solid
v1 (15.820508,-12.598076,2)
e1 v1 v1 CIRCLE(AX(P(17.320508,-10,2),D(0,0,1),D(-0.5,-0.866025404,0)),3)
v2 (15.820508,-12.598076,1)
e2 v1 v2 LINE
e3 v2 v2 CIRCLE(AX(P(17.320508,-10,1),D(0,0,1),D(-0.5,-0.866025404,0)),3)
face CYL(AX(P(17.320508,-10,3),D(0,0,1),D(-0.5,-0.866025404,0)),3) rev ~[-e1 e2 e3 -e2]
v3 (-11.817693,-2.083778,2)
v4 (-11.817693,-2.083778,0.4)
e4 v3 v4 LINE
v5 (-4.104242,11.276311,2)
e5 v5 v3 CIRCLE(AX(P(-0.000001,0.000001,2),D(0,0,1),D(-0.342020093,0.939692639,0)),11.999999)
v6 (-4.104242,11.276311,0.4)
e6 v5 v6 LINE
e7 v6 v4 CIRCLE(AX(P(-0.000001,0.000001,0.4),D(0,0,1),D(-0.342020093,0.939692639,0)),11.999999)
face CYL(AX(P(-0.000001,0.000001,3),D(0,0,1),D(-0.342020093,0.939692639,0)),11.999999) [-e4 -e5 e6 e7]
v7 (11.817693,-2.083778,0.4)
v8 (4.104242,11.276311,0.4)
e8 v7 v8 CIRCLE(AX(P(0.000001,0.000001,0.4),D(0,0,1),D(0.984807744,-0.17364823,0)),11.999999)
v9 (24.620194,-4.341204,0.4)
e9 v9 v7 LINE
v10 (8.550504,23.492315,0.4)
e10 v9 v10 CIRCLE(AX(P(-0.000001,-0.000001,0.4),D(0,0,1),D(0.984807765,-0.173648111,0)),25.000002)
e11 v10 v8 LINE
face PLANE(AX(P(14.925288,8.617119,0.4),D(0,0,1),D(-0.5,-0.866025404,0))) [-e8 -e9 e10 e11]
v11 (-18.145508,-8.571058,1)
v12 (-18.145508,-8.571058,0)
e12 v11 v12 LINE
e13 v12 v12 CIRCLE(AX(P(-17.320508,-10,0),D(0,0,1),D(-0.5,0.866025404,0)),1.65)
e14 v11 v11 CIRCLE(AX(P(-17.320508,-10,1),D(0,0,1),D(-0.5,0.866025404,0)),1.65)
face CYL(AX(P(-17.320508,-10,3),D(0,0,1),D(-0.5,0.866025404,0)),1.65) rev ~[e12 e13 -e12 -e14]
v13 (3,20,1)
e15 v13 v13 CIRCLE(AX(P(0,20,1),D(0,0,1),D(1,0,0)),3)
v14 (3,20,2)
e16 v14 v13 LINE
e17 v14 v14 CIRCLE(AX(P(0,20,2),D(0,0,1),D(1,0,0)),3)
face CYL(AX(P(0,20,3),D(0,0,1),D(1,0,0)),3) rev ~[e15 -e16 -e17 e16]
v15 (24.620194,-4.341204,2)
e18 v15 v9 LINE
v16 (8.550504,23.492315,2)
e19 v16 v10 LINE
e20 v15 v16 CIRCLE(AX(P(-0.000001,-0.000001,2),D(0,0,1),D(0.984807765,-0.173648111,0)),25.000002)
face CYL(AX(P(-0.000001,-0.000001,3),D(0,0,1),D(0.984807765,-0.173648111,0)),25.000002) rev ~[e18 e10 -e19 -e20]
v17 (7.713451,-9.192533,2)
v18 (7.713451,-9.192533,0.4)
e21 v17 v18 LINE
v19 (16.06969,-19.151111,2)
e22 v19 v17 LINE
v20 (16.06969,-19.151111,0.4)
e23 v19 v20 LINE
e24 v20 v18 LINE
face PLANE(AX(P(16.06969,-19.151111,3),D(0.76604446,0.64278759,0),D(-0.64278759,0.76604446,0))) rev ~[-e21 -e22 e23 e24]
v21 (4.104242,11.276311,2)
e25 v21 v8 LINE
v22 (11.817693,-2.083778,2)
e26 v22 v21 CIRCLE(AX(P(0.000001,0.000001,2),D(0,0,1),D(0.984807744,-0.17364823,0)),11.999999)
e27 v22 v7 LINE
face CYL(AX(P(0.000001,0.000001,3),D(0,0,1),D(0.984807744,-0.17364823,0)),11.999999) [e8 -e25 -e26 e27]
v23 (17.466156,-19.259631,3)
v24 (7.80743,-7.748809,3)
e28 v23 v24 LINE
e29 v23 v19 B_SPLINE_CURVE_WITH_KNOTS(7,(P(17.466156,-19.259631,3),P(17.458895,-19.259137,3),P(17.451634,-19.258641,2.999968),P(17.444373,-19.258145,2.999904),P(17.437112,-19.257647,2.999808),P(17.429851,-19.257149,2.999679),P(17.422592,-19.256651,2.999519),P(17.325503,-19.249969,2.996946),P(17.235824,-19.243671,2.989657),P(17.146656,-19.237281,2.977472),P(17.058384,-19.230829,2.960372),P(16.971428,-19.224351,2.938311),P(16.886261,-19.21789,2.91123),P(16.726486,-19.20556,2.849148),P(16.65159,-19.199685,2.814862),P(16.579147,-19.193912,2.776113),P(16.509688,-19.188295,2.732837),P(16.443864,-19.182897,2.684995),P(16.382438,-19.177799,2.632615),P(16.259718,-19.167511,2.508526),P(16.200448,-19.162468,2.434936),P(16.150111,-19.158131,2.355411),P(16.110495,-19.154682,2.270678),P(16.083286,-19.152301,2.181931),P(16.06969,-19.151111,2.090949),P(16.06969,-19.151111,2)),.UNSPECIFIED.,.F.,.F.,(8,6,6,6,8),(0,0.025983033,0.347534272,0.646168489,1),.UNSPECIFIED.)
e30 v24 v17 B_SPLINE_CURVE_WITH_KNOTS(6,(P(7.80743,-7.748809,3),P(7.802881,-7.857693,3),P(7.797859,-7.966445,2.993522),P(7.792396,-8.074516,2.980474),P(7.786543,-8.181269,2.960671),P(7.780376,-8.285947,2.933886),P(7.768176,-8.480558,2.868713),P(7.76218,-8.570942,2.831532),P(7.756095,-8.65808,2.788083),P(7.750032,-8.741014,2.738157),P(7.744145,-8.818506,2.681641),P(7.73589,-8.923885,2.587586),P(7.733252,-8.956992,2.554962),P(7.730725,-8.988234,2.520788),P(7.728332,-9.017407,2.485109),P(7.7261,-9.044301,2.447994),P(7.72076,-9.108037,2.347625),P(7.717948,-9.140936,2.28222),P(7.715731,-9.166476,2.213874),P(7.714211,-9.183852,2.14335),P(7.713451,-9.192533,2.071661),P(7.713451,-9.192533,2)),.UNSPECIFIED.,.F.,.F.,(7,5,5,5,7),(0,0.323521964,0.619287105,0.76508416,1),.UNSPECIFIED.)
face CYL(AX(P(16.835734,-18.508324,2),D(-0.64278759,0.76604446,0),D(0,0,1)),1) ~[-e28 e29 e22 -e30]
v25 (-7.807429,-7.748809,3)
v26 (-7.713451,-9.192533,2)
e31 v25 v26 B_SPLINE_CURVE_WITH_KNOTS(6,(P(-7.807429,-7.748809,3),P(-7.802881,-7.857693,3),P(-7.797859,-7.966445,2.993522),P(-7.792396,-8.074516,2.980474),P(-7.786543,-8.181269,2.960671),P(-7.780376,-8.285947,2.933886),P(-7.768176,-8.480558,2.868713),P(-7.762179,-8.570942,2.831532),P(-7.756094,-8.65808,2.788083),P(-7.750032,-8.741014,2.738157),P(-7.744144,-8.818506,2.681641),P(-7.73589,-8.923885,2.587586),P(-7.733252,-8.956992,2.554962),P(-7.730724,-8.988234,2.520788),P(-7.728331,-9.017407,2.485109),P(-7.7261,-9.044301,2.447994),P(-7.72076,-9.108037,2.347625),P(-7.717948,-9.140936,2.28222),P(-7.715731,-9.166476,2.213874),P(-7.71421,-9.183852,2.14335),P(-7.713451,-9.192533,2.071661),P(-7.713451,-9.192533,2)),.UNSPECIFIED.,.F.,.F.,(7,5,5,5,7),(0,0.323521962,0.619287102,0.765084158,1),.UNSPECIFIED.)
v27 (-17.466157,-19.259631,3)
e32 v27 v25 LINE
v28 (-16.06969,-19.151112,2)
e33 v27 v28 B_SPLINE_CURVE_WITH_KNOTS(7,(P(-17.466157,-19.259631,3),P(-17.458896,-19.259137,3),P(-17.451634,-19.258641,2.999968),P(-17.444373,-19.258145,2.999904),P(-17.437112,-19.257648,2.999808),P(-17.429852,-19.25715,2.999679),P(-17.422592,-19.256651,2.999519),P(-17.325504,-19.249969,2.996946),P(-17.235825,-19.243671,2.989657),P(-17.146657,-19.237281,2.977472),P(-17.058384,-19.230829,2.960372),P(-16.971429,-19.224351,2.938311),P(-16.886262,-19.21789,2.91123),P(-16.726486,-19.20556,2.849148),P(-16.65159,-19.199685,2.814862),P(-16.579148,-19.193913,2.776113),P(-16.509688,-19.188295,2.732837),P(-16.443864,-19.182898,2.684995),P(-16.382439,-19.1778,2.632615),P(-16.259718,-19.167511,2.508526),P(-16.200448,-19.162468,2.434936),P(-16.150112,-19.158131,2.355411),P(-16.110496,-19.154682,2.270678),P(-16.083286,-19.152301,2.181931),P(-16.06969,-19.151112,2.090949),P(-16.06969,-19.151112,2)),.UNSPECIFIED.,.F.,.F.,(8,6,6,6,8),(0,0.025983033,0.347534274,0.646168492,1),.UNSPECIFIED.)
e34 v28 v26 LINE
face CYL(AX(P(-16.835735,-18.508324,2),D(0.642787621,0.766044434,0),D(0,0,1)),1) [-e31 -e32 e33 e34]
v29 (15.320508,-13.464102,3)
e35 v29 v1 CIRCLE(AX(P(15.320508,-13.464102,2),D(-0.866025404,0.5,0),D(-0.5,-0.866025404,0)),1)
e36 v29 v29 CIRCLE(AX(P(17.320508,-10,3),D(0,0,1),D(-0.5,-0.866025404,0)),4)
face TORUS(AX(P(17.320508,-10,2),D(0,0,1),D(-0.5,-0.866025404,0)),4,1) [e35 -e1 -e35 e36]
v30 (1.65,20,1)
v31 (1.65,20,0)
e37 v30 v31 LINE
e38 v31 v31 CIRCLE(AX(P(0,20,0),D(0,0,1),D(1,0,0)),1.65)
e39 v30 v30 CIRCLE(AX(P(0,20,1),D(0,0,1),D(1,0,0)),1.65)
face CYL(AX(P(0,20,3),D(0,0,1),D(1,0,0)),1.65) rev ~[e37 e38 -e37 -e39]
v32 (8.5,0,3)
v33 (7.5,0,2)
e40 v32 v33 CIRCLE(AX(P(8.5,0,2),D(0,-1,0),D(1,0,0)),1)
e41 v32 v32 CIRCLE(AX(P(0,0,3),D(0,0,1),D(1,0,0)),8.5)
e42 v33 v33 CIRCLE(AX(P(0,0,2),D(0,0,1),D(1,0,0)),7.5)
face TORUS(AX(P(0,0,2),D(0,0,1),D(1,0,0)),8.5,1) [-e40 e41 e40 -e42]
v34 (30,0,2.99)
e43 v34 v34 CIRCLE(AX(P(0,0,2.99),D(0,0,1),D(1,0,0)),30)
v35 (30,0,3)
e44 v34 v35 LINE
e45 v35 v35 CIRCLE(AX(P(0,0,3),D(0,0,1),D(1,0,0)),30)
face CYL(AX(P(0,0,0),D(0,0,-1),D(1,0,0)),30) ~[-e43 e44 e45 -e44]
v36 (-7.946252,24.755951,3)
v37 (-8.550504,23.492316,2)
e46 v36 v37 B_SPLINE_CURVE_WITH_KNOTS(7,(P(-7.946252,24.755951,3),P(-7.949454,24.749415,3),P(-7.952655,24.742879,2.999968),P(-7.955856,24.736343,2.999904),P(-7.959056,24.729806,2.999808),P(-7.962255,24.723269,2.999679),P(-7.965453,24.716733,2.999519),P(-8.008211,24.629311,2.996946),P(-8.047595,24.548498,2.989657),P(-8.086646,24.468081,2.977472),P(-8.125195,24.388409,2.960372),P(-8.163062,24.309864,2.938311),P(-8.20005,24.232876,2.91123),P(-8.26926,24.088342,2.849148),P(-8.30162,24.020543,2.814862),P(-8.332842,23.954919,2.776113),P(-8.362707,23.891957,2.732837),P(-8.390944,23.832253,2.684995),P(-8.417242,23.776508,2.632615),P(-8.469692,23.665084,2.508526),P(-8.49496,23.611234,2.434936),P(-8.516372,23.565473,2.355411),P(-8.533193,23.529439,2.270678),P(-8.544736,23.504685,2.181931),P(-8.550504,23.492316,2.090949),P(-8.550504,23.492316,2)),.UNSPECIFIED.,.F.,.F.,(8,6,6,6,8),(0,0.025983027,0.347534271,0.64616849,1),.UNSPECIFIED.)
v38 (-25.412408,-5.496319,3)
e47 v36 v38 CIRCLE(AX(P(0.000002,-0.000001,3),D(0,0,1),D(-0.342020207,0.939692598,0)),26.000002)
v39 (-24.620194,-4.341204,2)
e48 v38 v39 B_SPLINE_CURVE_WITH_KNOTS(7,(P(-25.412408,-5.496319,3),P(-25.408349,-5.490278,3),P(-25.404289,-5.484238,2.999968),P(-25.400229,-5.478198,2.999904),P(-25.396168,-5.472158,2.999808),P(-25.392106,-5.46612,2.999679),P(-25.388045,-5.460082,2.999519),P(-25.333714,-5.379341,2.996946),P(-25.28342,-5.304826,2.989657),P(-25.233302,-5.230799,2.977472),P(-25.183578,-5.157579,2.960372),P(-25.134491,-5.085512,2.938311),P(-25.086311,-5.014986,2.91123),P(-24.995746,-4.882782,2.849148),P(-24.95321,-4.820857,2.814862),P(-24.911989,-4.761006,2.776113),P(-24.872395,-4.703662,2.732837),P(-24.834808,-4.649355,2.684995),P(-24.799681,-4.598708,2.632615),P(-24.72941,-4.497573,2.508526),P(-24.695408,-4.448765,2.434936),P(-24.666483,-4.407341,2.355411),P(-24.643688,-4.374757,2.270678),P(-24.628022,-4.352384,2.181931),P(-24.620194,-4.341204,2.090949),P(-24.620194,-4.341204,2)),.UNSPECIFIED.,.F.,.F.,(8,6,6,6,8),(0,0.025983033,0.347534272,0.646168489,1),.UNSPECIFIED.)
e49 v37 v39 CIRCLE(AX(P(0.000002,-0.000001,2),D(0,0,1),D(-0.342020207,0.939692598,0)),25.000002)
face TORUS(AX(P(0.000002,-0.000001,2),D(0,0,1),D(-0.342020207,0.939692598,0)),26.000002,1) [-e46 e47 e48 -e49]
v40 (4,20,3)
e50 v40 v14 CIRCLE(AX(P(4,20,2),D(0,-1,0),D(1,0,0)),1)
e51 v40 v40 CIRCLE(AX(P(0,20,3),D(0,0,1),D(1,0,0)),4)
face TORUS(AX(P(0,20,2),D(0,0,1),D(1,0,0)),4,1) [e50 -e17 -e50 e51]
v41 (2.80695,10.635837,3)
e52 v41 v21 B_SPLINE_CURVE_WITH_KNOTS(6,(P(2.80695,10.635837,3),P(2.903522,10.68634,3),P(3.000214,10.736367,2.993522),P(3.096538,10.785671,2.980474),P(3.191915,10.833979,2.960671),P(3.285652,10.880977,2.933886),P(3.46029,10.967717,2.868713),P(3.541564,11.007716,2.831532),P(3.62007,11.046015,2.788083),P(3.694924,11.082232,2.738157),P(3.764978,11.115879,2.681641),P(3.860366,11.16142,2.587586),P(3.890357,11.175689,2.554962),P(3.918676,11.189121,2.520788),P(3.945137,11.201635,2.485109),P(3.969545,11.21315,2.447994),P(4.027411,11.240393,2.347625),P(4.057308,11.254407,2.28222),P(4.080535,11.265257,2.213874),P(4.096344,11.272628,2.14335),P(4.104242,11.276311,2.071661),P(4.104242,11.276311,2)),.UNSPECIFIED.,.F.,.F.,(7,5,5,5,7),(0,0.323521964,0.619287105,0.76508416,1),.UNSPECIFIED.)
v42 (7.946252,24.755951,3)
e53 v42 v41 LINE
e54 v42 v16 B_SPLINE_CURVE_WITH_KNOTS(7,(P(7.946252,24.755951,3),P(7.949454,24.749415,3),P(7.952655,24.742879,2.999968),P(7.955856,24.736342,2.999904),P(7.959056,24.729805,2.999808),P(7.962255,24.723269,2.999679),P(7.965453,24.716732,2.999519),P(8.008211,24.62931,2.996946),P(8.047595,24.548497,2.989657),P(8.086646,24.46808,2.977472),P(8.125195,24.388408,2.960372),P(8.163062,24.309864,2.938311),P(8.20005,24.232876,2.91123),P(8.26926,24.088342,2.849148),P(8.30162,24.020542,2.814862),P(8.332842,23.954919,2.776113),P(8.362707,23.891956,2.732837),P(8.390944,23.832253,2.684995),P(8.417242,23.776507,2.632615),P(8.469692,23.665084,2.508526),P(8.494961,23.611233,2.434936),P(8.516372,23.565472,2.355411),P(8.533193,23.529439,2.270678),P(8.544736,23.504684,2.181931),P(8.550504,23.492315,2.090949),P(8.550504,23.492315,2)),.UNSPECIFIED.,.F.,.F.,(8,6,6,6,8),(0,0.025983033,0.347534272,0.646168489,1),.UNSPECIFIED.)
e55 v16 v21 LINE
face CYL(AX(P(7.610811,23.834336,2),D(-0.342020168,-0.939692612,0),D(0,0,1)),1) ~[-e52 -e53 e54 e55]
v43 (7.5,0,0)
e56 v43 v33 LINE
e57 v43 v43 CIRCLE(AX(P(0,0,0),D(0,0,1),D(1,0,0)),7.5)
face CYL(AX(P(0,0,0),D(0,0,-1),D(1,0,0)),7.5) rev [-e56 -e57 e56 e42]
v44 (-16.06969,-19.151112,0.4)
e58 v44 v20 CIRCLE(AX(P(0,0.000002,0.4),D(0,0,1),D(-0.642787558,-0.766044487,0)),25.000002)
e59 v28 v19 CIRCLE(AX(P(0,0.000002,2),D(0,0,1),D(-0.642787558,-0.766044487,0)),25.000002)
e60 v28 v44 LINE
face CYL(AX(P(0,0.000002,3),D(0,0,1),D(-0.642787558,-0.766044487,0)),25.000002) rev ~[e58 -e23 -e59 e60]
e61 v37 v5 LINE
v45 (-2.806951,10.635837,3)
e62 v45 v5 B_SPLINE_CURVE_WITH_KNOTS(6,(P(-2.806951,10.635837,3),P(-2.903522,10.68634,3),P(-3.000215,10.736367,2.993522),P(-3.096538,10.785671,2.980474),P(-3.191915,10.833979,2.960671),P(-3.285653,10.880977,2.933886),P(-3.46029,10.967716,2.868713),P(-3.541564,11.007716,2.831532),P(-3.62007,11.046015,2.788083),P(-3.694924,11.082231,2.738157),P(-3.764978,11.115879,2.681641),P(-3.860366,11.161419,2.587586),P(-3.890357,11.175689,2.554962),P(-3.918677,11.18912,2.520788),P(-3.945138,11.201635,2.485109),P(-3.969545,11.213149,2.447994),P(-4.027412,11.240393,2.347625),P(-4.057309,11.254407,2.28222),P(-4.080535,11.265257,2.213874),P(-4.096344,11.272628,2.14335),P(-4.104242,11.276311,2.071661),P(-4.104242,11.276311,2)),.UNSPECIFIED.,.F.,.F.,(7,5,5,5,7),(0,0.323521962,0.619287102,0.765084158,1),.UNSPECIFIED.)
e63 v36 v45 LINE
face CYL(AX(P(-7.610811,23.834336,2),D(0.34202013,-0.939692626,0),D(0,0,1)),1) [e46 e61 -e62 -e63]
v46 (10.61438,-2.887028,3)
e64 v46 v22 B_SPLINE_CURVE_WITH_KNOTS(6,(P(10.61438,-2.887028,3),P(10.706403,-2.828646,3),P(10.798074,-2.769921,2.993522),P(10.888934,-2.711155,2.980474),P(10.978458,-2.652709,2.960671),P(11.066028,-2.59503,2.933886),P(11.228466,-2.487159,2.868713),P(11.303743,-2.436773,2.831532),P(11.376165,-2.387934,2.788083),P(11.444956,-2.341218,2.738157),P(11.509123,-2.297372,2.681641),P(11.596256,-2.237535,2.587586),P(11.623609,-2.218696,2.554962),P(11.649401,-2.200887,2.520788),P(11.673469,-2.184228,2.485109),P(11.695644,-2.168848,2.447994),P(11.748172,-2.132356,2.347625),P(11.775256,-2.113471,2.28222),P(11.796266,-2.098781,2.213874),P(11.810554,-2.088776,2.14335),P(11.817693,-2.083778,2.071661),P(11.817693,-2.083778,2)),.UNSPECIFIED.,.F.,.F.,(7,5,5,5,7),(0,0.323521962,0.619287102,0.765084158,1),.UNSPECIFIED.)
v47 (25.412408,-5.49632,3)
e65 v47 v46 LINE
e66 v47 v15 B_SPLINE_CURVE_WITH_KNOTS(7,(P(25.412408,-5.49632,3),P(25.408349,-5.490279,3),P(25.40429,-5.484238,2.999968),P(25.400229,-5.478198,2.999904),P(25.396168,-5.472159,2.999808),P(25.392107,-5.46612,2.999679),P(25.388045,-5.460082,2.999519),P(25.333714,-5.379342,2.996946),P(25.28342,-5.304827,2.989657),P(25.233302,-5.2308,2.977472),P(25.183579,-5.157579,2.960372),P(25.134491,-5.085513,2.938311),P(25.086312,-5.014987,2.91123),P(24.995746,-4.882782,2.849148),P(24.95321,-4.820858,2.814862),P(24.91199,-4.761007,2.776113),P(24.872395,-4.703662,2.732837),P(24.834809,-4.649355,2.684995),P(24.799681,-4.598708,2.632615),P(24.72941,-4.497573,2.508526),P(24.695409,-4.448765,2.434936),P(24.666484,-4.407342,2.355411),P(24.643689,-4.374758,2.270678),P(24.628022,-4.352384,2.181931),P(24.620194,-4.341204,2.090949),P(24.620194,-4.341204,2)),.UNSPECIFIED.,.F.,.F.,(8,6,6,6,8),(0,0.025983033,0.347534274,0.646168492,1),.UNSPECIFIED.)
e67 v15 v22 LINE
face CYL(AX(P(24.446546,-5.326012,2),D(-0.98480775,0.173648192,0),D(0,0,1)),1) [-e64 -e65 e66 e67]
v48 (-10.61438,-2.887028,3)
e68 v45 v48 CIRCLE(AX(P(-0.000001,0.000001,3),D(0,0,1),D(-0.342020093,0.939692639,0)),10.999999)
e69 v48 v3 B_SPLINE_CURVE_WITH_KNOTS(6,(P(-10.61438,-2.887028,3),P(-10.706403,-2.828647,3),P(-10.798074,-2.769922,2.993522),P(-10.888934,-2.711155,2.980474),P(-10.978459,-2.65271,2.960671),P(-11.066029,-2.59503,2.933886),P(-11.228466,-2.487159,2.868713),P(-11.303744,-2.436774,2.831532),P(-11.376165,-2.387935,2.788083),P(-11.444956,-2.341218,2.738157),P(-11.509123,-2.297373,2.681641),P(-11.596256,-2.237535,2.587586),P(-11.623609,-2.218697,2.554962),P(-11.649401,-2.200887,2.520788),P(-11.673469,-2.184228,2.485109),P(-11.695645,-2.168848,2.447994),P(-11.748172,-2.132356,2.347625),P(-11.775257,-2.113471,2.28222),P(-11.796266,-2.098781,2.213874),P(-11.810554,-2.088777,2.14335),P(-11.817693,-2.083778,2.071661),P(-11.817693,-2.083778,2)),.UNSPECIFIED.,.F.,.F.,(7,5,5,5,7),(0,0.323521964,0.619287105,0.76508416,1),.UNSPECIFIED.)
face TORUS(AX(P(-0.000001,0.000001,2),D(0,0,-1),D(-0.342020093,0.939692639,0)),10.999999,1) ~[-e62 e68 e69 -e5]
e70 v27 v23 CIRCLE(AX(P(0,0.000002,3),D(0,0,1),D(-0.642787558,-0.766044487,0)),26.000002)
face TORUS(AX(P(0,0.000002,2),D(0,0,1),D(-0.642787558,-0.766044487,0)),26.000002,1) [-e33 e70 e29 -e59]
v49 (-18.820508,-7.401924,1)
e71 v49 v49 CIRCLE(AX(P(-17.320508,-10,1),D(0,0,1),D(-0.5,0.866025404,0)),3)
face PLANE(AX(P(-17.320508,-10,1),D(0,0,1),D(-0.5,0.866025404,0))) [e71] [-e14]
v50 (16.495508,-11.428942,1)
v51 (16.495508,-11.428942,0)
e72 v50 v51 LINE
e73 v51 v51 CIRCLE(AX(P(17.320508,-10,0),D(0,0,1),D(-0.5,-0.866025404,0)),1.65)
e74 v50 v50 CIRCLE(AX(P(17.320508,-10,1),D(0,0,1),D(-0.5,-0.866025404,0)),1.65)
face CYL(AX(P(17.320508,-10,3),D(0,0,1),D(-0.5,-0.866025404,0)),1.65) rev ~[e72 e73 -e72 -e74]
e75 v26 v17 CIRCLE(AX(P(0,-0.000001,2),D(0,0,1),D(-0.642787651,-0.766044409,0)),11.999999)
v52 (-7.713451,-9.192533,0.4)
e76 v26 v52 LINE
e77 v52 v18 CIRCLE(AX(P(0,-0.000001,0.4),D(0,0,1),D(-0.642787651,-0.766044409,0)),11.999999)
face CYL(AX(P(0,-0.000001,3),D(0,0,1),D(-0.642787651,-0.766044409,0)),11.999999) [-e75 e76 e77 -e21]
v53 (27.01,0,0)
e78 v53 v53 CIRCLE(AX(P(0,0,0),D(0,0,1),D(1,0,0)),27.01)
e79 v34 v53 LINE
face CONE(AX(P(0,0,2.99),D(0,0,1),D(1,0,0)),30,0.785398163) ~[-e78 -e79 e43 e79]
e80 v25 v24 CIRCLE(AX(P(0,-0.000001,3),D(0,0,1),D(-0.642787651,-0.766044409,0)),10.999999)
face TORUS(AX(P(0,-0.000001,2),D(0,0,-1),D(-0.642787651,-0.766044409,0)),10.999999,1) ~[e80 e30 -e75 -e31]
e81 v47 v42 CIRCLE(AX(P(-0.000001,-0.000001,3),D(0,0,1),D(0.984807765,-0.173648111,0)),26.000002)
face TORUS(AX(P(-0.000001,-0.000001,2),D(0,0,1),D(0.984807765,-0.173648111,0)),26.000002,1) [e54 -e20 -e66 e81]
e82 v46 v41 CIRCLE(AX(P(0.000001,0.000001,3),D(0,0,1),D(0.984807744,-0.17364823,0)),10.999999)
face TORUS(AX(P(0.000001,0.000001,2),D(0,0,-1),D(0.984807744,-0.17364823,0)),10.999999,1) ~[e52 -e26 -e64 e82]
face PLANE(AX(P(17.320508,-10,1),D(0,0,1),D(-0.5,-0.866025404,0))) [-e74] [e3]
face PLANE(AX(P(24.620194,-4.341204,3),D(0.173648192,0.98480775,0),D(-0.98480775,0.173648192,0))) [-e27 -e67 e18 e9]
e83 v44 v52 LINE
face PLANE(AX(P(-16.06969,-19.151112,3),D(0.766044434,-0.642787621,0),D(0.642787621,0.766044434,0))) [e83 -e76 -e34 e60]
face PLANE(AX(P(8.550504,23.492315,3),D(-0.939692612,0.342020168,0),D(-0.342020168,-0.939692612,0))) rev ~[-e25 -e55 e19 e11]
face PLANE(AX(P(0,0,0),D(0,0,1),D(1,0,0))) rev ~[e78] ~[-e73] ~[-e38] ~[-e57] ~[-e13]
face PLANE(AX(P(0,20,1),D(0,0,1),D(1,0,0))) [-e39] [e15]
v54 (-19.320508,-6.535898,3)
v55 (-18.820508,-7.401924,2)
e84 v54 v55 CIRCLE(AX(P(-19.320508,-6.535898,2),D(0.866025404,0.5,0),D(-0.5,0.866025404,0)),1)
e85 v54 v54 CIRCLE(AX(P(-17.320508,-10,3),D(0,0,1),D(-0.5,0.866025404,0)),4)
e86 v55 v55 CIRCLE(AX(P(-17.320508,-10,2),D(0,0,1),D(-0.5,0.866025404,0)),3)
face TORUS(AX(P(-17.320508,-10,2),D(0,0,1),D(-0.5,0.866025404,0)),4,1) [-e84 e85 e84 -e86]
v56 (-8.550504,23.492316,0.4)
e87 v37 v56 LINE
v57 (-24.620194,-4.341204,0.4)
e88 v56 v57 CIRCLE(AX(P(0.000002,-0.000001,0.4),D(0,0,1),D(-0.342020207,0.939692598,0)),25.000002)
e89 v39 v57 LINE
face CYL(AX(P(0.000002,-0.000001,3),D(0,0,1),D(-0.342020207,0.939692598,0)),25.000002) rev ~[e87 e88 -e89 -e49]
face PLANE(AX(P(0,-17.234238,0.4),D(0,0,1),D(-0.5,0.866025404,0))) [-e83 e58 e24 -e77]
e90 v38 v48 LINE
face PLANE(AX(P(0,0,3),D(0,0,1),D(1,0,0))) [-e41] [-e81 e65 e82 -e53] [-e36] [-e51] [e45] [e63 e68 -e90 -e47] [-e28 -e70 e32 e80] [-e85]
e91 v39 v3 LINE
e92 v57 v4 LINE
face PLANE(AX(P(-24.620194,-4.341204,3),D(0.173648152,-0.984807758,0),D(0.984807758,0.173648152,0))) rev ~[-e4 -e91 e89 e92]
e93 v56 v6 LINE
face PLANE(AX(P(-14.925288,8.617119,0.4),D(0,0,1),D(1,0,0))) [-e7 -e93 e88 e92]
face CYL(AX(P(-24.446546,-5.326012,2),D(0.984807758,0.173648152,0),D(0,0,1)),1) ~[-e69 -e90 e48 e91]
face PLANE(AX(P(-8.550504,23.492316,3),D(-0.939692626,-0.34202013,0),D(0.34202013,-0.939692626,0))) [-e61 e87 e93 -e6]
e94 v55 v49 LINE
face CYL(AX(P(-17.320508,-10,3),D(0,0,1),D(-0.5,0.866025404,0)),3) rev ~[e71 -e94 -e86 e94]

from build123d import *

# Parameters (mm, degrees)
SKETCH_R              = 30
SKETCH_R_2            = 7.5
PAD_DEPTH             = 3
SKETCH001_R           = 3
POCKET_DEPTH          = 2
POLARPATTERN_COUNT    = 3
SKETCH002_R           = 1.65
POCKET001_DEPTH       = 5
POLARPATTERN001_COUNT = 3
CHAMFER_SIZE          = 2.99
POCKET002_DEPTH       = 2.6
POLARPATTERN002_COUNT = 3
FILLET_R              = 1


with BuildPart() as part:
    # Sketch → Pad (new body)
    with BuildSketch(Plane.XY):
        Circle(SKETCH_R)
        Circle(SKETCH_R_2, mode=Mode.SUBTRACT)
    extrude(amount=PAD_DEPTH)

    # Sketch001 (on Face4 of Pad) → Pocket (cut)
    with BuildSketch(Plane.XY.offset(3)):
        with Locations((0, 20)):
            Circle(SKETCH001_R)
    pocket = extrude(amount=-POCKET_DEPTH, mode=Mode.SUBTRACT)

    # PolarPattern: Pocket ×3 about axis
    polarpattern_axis = Axis((0, 0, 3), (0, 0, 1))
    for i in range(1, POLARPATTERN_COUNT):
        add(pocket.rotate(polarpattern_axis, i * 360 / POLARPATTERN_COUNT), mode=Mode.SUBTRACT)

    # Sketch002 (on Face3 of PolarPattern) → Pocket001 (cut)
    with BuildSketch(Plane.XY.offset(3)):
        with Locations((0, 20)):
            Circle(SKETCH002_R)
    pocket001 = extrude(amount=-POCKET001_DEPTH, mode=Mode.SUBTRACT)

    # PolarPattern001: Pocket001 ×3 about axis
    polarpattern001_axis = Axis((0, 0, 3), (0, 0, 1))
    for i in range(1, POLARPATTERN001_COUNT):
        add(pocket001.rotate(polarpattern001_axis, i * 360 / POLARPATTERN001_COUNT), mode=Mode.SUBTRACT)

    # Chamfer
    chamfer_edges = [part.edges().sort_by_distance(p)[0] for p in [
        (-30, 0, 0),
    ]]
    chamfer(chamfer_edges, length=CHAMFER_SIZE)

    # Sketch003 → Pocket002 (cut)
    with BuildSketch(Plane.XY.offset(3)):
        with BuildLine():
            ThreePointArc((-8.550504, 23.492316), (-21.650635, 12.5), (-24.620194, -4.341204))
            Line((-24.620194, -4.341204), (-11.817693, -2.083778))
            ThreePointArc((-4.104242, 11.276311), (-10.392305, 6), (-11.817693, -2.083778))
            Line((-8.550504, 23.492316), (-4.104242, 11.276311))
        make_face()
    pocket002 = extrude(amount=-POCKET002_DEPTH, mode=Mode.SUBTRACT)

    # PolarPattern002: Pocket002 ×3 about axis
    polarpattern002_axis = Axis((0, 0, 3), (0, 0, 1))
    for i in range(1, POLARPATTERN002_COUNT):
        add(pocket002.rotate(polarpattern002_axis, i * 360 / POLARPATTERN002_COUNT), mode=Mode.SUBTRACT)

    # Fillet
    fillet_edges = [part.edges().sort_by_distance(p)[0] for p in [
        (-11.891571, -14.171822, 3),
        (0, -12, 3),
        (0, -25, 3),
        (11.891571, -14.171822, 3),
        (18.820508, -7.401924, 3),
        (18.218943, -3.212491, 3),
        (10.392305, 6, 3),
        (6.327373, 17.384313, 3),
        (21.650635, 12.5, 3),
        (-3, 20, 3),
        (-6.327373, 17.384313, 3),
        (-10.392305, 6, 3),
        (-18.218943, -3.212491, 3),
        (-21.650635, 12.5, 3),
        (-15.820508, -12.598076, 3),
        (-7.5, 0, 3),
    ]]
    fillet(fillet_edges, radius=FILLET_R)


solid = part.part
